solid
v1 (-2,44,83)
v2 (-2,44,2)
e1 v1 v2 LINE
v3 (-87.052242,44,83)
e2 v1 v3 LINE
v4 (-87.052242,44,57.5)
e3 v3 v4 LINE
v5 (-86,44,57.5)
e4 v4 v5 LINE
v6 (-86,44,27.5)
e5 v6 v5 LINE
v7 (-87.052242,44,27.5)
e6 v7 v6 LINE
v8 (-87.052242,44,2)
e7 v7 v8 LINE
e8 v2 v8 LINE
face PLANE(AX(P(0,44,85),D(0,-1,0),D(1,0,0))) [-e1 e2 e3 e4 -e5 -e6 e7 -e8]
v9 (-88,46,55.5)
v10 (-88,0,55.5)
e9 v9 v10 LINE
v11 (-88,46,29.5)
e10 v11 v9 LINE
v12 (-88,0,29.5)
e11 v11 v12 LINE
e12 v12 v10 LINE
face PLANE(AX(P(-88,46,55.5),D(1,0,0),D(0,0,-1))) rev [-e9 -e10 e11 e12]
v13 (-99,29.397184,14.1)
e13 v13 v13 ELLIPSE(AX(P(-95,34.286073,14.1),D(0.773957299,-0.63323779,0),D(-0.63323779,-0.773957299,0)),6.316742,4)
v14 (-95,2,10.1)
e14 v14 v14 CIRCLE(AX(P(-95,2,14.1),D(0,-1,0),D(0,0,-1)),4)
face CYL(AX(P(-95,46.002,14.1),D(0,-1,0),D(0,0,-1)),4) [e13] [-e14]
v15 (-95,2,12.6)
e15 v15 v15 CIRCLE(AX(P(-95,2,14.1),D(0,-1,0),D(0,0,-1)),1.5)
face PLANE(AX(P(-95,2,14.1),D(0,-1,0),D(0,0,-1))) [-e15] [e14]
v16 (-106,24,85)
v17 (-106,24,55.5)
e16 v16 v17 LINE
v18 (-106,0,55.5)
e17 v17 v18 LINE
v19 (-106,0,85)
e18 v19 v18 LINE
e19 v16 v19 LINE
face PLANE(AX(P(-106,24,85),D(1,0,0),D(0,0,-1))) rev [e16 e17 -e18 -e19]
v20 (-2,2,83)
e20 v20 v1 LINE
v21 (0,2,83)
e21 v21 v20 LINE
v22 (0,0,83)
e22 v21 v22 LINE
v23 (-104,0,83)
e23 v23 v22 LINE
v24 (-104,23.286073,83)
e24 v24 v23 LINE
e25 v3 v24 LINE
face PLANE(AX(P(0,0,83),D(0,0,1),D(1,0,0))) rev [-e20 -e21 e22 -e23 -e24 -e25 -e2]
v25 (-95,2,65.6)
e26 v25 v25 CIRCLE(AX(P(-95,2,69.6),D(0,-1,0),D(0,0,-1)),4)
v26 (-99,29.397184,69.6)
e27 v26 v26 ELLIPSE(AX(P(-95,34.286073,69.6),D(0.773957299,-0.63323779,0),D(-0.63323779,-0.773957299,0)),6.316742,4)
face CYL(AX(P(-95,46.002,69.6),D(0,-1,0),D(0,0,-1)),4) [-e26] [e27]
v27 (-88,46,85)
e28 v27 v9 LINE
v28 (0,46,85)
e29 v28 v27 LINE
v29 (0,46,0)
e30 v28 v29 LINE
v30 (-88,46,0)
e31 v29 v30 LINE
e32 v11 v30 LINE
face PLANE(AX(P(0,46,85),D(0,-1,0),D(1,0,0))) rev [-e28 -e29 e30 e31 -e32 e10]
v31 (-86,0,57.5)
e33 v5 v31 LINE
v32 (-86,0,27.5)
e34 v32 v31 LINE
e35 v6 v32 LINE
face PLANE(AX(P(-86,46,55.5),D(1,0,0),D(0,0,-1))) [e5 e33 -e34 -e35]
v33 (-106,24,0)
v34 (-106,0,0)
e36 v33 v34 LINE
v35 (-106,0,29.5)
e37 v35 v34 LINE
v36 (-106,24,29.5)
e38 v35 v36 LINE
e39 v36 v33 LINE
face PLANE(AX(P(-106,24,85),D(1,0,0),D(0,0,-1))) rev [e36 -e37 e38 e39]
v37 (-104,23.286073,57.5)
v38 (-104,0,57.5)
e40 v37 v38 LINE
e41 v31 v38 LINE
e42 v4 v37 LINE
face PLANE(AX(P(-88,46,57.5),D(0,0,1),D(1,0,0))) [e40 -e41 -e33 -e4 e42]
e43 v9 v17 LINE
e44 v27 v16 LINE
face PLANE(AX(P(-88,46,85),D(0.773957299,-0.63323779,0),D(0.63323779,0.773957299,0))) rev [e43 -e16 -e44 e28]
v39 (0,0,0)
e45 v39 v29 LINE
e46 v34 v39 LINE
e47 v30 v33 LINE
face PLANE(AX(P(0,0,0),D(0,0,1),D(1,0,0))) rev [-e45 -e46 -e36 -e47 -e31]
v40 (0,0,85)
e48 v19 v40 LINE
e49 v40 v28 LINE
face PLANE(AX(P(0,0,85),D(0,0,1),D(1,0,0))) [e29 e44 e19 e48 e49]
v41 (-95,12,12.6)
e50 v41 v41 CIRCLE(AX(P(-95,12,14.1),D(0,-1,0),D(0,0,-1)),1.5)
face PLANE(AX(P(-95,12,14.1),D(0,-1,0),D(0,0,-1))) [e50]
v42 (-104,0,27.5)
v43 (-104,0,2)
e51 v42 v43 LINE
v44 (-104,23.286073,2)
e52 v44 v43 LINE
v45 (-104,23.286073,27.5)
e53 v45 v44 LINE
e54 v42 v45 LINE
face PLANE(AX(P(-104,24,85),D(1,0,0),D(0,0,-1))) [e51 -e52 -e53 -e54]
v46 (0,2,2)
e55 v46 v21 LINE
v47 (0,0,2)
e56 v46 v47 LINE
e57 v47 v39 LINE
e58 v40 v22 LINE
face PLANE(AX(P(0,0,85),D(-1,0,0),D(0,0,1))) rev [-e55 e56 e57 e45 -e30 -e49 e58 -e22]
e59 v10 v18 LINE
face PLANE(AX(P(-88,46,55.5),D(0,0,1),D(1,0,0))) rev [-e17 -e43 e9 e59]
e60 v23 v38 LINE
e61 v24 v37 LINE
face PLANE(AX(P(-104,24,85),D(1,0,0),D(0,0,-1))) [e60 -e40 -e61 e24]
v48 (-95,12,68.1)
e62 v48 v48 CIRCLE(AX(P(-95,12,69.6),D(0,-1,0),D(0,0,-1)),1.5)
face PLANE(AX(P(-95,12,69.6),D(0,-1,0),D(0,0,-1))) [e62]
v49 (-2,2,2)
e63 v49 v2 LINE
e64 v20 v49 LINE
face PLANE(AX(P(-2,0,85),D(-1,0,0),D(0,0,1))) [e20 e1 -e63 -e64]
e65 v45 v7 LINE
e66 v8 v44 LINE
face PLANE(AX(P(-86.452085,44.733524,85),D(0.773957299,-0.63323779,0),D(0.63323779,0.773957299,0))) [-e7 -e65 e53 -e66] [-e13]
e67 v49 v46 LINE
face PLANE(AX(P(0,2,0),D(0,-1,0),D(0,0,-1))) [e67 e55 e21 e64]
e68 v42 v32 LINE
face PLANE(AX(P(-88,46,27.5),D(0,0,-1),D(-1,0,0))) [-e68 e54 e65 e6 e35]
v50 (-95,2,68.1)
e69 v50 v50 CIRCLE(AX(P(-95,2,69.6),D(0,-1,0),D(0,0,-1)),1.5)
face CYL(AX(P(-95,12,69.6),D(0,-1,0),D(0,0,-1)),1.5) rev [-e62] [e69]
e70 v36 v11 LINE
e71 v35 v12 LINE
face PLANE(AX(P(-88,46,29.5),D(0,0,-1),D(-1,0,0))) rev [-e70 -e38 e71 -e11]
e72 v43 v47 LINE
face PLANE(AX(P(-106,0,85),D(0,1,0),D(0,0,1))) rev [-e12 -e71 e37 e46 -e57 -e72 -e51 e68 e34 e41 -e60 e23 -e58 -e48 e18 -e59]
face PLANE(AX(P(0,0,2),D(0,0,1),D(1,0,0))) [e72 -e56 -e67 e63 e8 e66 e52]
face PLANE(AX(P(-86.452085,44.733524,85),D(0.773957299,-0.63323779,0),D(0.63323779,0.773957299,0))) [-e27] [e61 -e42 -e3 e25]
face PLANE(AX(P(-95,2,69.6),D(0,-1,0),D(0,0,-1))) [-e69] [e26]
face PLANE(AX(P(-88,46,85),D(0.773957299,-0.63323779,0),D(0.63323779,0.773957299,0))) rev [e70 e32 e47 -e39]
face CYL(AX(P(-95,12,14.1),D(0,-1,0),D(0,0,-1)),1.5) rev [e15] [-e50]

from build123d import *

# Parameters (mm, degrees)
SALIENTE_EXTRUIR1_DEPTH = 85
CROQUIS3_W              = 18
CROQUIS3_H              = 26
CORTAR_EXTRUIR1_DEPTH   = 47
VACIADO1_T              = -2
SALIENTE_EXTRUIR2_REACH = 48
CROQUIS4_R              = 4
CROQUIS5_R              = 4
CORTAR_EXTRUIR2_DEPTH   = 2
CROQUIS8_W              = 2
CROQUIS8_H              = 81
CORTAR_EXTRUIR3_DEPTH   = 2
CROQUIS9_R              = 1.5
CORTAR_EXTRUIR4_DEPTH   = 10


with BuildPart() as part:
    # Croquis2 → Saliente-Extruir1 (new body)
    with BuildSketch(Plane.XY):
        Polygon((0, 0), (0, 46), (-88, 46), (-106, 24), (-106, 0), align=None)
    extrude(amount=SALIENTE_EXTRUIR1_DEPTH)

    # Croquis3 → Cortar-Extruir1 (cut, through all)
    with BuildSketch(Plane.XZ):
        with Locations((-97, 42.5)):
            Rectangle(CROQUIS3_W, CROQUIS3_H)
    extrude(amount=-CORTAR_EXTRUIR1_DEPTH, mode=Mode.SUBTRACT)

    # Vaciado1
    vaciado1_openings = [part.faces().sort_by_distance(p)[0] for p in [
        (-75, 0, 42.5),
    ]]
    offset(amount=VACIADO1_T, openings=vaciado1_openings, kind=Kind.INTERSECTION)

    # Croquis4 → Saliente-Extruir2 (add, up to next)
    with BuildSketch(Plane.XZ, mode=Mode.PRIVATE) as saliente_extruir2_sk1:
        with Locations((-95, 69.6)):
            Circle(CROQUIS4_R)
    saliente_extruir2_tool1 = extrude(saliente_extruir2_sk1.sketch, amount=-SALIENTE_EXTRUIR2_REACH, mode=Mode.PRIVATE) - part.part
    add(saliente_extruir2_tool1.solids().sort_by_distance((-95, 0, 69.6))[0])
    # Croquis4 → Saliente-Extruir2 (add, up to next)
    with BuildSketch(Plane.XZ, mode=Mode.PRIVATE) as saliente_extruir2_sk2:
        with Locations((-95, 14.1)):
            Circle(CROQUIS4_R)
    saliente_extruir2_tool2 = extrude(saliente_extruir2_sk2.sketch, amount=-SALIENTE_EXTRUIR2_REACH, mode=Mode.PRIVATE) - part.part
    add(saliente_extruir2_tool2.solids().sort_by_distance((-95, 0, 14.1))[0])

    # Croquis5 → Cortar-Extruir2 (cut)
    with BuildSketch(Plane.XZ):
        with Locations((-95, 69.6)):
            Circle(CROQUIS5_R)
        with Locations((-95, 14.1)):
            Circle(CROQUIS5_R)
    extrude(amount=-CORTAR_EXTRUIR2_DEPTH, mode=Mode.SUBTRACT)

    # Croquis8 → Cortar-Extruir3 (cut)
    with BuildSketch(Plane.XZ):
        with Locations((-1, 42.5)):
            Rectangle(CROQUIS8_W, CROQUIS8_H)
    extrude(amount=-CORTAR_EXTRUIR3_DEPTH, mode=Mode.SUBTRACT)

    # Croquis9 → Cortar-Extruir4 (cut)
    with BuildSketch(Plane.XZ.offset(-2)):
        with Locations((-95, 69.6)):
            Circle(CROQUIS9_R)
        with Locations((-95, 14.1)):
            Circle(CROQUIS9_R)
    extrude(amount=-CORTAR_EXTRUIR4_DEPTH, mode=Mode.SUBTRACT)


solid = part.part
